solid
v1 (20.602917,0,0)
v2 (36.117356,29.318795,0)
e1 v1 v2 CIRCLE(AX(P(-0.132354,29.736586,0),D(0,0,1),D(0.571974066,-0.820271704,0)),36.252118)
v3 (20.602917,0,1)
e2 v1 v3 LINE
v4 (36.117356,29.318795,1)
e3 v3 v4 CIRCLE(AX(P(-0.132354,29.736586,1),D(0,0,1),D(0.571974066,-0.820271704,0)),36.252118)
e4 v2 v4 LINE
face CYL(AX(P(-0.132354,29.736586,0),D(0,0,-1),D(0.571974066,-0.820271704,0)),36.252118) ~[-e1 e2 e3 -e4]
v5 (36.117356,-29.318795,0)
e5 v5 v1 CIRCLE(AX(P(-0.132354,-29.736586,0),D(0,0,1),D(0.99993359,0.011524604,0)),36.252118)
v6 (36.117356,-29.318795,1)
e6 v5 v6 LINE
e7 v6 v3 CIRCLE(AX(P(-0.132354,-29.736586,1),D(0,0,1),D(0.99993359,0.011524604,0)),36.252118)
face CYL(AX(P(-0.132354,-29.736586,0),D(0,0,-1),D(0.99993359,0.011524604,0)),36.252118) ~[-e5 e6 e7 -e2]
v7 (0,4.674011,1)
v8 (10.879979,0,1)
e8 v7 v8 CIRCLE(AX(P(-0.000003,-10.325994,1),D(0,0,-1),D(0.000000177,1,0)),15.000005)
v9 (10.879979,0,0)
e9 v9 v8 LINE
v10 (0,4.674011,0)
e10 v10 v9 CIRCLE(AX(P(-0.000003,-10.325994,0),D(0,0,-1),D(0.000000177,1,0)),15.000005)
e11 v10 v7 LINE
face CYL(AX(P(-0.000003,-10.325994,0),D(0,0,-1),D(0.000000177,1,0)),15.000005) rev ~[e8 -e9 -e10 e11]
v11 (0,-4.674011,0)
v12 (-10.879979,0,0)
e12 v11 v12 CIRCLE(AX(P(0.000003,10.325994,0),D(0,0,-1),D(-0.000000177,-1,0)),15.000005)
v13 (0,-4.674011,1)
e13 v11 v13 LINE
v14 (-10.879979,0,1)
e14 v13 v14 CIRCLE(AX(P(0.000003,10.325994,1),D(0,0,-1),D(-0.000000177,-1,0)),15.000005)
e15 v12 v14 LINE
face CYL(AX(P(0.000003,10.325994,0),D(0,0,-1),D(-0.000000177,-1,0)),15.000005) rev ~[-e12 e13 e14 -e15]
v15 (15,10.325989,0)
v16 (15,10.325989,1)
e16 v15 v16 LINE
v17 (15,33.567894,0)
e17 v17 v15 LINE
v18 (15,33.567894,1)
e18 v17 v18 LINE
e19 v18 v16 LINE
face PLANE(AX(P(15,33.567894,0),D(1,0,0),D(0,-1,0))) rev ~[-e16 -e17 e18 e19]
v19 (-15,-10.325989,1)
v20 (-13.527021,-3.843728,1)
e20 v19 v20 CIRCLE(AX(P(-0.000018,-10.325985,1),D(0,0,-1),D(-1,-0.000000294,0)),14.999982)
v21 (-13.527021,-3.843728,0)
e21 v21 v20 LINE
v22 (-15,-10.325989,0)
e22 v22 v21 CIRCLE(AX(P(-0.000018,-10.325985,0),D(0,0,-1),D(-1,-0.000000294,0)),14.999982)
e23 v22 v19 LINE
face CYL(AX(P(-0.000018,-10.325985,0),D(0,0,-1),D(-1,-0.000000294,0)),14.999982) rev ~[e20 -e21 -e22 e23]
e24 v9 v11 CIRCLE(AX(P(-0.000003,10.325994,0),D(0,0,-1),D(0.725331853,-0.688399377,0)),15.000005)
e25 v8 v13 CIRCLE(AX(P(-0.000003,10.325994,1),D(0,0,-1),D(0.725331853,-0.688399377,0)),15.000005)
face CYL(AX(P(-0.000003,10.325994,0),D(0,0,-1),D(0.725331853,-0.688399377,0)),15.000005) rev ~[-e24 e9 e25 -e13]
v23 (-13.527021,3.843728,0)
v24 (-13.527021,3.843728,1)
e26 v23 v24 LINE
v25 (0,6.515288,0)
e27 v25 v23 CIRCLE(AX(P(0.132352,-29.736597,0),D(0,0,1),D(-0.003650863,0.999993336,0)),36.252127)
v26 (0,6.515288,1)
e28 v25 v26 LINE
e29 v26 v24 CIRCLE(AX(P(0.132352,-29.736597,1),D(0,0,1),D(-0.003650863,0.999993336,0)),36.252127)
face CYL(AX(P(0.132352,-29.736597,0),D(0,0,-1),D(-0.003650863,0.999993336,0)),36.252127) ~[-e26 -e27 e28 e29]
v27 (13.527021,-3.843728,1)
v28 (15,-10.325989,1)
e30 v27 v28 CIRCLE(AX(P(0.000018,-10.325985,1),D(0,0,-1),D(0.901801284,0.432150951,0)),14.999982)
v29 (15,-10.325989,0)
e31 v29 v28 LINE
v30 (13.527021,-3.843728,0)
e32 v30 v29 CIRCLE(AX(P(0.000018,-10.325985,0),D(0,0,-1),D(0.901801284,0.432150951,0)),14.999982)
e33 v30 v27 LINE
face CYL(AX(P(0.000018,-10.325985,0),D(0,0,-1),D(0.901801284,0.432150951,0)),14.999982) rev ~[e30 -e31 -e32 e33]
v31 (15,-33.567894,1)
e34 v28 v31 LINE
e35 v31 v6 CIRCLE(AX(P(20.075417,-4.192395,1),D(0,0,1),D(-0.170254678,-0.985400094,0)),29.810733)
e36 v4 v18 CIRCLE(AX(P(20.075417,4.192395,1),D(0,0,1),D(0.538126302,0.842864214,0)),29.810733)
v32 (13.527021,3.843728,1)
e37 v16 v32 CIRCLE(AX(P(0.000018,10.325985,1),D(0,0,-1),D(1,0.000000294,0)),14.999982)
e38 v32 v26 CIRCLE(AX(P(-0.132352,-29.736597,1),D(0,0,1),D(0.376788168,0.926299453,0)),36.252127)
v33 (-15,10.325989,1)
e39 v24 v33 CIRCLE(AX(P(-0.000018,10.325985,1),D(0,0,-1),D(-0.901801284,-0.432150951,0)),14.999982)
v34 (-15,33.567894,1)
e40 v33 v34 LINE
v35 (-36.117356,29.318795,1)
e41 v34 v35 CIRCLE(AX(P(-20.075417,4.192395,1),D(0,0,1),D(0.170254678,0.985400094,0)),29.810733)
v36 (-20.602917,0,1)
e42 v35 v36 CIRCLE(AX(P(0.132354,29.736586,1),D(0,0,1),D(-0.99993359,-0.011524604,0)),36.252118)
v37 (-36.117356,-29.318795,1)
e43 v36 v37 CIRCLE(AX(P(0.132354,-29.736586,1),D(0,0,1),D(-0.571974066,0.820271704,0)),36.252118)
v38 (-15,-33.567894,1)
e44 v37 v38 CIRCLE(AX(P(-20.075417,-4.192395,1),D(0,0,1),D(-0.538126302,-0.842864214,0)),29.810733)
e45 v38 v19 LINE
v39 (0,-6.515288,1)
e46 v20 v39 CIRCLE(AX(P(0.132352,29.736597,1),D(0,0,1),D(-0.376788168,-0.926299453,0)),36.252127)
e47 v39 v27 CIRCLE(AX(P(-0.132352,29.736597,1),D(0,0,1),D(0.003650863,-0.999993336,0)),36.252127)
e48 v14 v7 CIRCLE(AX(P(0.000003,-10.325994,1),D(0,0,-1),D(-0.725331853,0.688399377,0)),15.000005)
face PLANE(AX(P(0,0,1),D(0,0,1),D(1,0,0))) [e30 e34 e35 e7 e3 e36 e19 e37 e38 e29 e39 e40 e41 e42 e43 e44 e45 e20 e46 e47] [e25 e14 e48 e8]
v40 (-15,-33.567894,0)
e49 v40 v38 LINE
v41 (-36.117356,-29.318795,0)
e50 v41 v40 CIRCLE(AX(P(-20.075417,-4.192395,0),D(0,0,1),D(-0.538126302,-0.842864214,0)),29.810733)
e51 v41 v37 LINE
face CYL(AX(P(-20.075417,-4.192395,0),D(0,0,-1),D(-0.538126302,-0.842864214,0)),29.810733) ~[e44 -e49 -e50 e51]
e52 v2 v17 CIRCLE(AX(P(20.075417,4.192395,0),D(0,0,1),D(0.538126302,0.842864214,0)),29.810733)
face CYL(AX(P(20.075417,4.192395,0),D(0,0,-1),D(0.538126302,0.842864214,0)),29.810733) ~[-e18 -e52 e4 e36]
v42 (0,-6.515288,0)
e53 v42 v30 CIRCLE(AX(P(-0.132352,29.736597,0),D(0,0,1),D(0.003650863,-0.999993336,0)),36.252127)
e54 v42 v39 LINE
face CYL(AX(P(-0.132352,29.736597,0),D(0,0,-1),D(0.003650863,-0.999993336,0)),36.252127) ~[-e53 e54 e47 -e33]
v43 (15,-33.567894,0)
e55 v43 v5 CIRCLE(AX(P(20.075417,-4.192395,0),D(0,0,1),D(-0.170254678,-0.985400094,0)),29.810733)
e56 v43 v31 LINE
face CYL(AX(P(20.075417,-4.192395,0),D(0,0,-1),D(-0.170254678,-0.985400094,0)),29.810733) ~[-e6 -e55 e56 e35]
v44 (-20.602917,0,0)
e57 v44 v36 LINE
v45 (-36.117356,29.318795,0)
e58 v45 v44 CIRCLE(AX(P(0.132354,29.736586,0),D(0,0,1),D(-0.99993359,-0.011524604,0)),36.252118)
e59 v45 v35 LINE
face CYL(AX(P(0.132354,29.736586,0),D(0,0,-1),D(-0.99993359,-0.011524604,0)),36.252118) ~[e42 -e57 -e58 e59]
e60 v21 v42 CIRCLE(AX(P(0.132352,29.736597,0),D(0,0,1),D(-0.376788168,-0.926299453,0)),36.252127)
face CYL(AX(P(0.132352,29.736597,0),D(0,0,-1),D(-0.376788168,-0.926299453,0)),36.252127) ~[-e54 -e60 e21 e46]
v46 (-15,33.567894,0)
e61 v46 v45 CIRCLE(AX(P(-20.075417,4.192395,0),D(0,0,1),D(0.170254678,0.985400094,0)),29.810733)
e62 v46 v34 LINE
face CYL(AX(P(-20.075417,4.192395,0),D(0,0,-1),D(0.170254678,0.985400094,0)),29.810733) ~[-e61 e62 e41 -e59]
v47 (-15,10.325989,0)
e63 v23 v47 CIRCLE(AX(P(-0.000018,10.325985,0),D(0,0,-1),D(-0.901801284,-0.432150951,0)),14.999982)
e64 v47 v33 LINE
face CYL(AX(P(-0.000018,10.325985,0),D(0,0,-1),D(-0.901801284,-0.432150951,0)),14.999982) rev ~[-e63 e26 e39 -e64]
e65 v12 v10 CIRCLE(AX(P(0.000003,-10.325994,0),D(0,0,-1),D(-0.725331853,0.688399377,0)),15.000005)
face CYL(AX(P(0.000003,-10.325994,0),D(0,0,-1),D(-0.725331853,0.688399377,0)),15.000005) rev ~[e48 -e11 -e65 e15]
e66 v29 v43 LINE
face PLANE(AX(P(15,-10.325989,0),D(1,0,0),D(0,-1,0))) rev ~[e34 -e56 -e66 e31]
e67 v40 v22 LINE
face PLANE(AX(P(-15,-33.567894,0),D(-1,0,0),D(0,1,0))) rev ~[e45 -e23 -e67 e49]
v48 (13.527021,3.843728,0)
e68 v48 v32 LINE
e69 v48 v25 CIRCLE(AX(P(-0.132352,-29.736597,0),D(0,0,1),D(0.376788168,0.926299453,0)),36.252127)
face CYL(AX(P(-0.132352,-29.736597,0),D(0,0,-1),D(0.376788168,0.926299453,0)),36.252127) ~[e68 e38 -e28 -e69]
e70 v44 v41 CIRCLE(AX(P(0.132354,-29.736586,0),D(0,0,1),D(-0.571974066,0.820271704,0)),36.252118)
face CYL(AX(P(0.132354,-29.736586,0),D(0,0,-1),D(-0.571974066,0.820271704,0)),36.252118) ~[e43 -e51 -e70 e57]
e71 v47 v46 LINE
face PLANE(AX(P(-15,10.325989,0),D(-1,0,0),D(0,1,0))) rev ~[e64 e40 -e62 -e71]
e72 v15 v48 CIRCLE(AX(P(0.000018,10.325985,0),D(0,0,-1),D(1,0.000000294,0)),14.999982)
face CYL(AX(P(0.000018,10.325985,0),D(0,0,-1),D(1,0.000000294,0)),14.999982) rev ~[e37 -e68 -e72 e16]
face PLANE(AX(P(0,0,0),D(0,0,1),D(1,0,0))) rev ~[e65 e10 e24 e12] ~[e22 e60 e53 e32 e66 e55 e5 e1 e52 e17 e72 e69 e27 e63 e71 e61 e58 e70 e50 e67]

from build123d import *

# Parameters (mm, degrees)
F1_DEPTH = 1


with BuildPart() as f1:
    # F0 (on Top) → F1 (new body)
    with BuildSketch(Plane.XY):
        with BuildLine():
            Line((-15, 10.325989), (-15, 33.567894))
            ThreePointArc((-15, 33.567894), (-25.955882, 33.417383), (-36.117356, 29.318795))
            ThreePointArc((-36.117356, 29.318795), (-31.910117, 12.780877), (-20.602917, 0))
            ThreePointArc((-20.602917, 0), (-31.910117, -12.780877), (-36.117356, -29.318795))
            ThreePointArc((-36.117356, -29.318795), (-25.955882, -33.417383), (-15, -33.567894))
            Line((-15, -33.567894), (-15, -10.325989))
            ThreePointArc((-15, -10.325989), (-14.627121, -7.002234), (-13.527021, -3.843728))
            ThreePointArc((-13.527021, -3.843728), (-6.891694, -5.828547), (0, -6.515288))
            ThreePointArc((0, -6.515288), (6.891694, -5.828547), (13.527021, -3.843728))
            ThreePointArc((13.527021, -3.843728), (14.627121, -7.002234), (15, -10.325989))
            Line((15, -10.325989), (15, -33.567894))
            ThreePointArc((15, -33.567894), (25.955882, -33.417383), (36.117356, -29.318795))
            ThreePointArc((36.117356, -29.318795), (31.910117, -12.780877), (20.602917, 0))
            ThreePointArc((20.602917, 0), (31.910117, 12.780877), (36.117356, 29.318795))
            ThreePointArc((36.117356, 29.318795), (25.955882, 33.417383), (15, 33.567894))
            Line((15, 33.567894), (15, 10.325989))
            ThreePointArc((15, 10.325989), (14.627121, 7.002234), (13.527021, 3.843728))
            ThreePointArc((13.527021, 3.843728), (6.891694, 5.828547), (0, 6.515288))
            ThreePointArc((0, 6.515288), (-6.891694, 5.828547), (-13.527021, 3.843728))
            ThreePointArc((-13.527021, 3.843728), (-14.627121, 7.002234), (-15, 10.325989))
        make_face()
        with BuildLine():
            ThreePointArc((0, 4.674011), (5.920733, 3.456061), (10.879979, 0))
            ThreePointArc((10.879979, 0), (5.920733, -3.456061), (0, -4.674011))
            ThreePointArc((0, -4.674011), (-5.920733, -3.456061), (-10.879979, 0))
            ThreePointArc((-10.879979, 0), (-5.920733, 3.456061), (0, 4.674011))
        make_face(mode=Mode.SUBTRACT)
    extrude(amount=F1_DEPTH)


solid = f1.part
